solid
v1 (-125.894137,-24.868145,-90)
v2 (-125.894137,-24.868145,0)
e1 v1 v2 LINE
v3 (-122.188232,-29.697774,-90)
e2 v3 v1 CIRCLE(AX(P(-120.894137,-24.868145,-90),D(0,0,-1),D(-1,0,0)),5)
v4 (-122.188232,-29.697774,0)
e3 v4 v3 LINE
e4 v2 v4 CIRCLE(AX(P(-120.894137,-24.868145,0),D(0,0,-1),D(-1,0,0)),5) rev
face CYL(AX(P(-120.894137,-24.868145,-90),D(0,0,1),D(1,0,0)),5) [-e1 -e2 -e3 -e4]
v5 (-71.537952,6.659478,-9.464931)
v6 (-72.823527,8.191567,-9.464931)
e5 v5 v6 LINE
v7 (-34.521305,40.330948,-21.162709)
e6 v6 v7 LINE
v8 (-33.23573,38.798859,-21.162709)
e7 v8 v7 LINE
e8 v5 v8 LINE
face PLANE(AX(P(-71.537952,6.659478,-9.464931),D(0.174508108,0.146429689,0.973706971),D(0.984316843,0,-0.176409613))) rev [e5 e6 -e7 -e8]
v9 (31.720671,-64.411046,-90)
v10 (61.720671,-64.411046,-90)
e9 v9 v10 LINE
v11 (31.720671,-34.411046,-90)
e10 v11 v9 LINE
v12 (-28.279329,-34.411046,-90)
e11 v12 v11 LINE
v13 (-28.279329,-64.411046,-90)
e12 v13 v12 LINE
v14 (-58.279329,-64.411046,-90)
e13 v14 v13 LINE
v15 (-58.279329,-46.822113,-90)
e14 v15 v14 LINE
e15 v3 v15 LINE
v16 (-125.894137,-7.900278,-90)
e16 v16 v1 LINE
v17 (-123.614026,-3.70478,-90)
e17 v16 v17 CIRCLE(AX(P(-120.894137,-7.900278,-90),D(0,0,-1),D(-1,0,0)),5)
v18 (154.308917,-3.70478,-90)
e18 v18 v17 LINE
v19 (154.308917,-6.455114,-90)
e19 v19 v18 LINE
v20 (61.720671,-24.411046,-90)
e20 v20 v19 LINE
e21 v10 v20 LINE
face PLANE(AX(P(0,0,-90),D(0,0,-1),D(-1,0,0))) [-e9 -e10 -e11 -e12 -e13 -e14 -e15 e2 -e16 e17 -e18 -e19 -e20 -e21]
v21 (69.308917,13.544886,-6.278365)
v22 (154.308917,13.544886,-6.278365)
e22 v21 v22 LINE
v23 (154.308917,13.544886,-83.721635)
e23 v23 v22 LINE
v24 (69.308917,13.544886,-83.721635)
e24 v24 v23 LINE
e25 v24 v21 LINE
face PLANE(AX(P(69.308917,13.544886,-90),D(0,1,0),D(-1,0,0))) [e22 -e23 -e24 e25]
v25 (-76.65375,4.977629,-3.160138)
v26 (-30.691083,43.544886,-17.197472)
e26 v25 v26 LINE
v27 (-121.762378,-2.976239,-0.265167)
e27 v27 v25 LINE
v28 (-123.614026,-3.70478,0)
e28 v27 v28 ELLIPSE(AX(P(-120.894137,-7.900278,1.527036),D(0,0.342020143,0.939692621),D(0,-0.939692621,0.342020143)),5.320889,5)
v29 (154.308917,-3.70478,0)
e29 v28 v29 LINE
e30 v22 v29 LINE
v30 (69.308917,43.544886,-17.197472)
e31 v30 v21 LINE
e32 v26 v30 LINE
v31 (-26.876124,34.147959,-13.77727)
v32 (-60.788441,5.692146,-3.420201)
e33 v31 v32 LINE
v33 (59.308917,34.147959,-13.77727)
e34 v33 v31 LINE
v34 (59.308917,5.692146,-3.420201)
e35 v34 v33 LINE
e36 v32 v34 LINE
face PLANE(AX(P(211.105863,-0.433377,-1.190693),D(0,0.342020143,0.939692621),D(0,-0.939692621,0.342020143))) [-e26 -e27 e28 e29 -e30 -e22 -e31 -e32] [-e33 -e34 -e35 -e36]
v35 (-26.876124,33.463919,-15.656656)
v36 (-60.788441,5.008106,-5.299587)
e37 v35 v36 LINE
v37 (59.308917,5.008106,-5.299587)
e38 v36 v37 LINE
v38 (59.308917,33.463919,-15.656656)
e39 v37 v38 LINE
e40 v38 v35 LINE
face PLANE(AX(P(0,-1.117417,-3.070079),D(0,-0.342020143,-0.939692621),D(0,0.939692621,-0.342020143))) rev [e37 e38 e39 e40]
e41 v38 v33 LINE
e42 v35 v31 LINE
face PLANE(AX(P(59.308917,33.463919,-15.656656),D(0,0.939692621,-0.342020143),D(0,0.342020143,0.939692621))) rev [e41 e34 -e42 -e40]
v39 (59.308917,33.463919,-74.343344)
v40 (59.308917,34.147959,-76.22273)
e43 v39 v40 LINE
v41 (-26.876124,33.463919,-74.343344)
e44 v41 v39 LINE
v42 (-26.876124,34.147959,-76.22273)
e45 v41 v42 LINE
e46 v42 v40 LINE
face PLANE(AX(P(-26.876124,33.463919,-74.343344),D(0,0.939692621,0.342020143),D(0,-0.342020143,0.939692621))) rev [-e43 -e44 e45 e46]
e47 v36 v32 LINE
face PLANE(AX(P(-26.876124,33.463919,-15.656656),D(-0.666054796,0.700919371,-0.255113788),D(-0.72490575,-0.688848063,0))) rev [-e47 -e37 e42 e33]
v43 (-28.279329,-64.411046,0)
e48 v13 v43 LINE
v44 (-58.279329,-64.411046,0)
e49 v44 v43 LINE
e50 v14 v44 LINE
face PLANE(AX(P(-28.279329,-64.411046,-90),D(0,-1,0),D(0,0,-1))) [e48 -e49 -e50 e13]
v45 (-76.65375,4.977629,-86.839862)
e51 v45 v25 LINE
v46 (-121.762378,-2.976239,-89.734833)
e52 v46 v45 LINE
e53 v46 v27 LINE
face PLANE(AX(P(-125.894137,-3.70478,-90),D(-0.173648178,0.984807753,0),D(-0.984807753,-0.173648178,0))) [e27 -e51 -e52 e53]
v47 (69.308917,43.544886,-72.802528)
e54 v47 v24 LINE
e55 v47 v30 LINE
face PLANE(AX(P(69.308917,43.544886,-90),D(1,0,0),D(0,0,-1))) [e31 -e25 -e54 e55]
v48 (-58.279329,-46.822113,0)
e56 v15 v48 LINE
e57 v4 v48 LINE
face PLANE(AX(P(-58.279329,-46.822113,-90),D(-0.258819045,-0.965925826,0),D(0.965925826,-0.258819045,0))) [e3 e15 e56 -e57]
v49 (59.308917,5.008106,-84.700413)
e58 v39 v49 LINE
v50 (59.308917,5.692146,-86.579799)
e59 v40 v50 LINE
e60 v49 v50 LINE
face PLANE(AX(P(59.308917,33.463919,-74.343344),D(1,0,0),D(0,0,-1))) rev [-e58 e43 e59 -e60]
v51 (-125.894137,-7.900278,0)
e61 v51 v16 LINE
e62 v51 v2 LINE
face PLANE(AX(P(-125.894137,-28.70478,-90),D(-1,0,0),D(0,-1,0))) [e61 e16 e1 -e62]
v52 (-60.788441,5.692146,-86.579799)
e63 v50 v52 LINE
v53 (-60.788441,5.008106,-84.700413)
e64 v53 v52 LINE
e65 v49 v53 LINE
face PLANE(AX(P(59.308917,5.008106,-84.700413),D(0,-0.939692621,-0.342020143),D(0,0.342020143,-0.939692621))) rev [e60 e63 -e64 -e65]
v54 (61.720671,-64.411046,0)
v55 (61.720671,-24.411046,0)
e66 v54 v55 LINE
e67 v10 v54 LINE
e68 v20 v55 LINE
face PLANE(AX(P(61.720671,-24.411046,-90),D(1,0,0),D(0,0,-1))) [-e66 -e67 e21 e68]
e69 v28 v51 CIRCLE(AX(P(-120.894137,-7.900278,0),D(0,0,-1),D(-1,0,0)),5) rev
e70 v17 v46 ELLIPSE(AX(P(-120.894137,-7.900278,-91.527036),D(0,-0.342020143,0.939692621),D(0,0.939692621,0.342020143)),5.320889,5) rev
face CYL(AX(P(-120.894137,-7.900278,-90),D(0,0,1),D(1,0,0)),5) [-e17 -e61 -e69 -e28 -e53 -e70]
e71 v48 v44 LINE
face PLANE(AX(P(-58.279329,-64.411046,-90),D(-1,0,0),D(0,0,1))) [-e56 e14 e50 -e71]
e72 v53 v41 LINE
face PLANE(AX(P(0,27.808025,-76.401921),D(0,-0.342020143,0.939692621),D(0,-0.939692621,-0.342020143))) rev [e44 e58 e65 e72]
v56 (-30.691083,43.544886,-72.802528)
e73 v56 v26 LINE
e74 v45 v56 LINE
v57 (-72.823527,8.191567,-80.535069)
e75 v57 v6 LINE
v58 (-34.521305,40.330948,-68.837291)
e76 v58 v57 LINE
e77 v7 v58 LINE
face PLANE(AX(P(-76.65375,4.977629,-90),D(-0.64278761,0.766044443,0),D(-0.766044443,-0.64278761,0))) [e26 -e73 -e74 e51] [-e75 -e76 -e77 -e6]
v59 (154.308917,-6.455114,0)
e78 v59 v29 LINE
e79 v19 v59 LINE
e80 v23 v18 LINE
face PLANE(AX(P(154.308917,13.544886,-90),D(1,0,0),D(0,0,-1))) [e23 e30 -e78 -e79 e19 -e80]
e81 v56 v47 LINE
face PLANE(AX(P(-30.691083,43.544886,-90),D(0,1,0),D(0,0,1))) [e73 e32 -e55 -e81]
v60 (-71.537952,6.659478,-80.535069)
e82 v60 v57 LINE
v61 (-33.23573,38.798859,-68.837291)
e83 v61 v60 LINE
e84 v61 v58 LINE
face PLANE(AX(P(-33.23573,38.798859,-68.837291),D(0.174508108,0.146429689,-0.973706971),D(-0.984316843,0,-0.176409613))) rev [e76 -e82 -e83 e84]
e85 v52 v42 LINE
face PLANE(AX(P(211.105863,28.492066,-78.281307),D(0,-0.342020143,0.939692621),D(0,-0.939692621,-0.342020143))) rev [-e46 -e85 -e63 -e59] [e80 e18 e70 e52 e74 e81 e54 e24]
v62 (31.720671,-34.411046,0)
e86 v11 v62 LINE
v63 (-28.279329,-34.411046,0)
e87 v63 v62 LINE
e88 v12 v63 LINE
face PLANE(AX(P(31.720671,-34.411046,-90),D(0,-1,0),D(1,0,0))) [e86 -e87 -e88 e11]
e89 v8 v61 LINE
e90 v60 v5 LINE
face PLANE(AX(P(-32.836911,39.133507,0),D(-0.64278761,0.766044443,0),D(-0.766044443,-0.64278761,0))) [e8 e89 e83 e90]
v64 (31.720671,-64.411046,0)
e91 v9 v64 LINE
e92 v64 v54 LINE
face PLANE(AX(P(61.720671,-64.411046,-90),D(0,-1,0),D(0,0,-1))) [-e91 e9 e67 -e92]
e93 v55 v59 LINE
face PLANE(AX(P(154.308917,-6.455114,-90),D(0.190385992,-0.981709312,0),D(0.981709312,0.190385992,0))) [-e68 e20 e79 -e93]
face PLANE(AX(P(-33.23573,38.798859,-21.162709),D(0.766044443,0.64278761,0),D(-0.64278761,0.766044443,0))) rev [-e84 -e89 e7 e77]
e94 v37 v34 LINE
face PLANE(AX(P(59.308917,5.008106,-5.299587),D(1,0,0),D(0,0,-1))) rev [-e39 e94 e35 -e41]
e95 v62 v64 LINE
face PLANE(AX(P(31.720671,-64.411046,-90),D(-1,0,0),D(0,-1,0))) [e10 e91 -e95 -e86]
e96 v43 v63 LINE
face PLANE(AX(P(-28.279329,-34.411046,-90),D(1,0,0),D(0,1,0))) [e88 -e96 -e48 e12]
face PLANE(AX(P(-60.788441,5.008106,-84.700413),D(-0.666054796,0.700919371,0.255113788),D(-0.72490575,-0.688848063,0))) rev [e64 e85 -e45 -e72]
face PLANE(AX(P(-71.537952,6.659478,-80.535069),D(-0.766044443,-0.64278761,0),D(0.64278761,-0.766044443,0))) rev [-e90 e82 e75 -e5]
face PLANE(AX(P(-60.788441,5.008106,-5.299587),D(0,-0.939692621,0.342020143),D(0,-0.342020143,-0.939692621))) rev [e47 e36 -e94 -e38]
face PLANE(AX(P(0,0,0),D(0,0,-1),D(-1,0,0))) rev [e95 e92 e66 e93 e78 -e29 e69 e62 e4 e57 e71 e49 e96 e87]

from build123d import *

# Parameters (mm, degrees)
BOSS_EXTRUDE1_DEPTH = 90
CUT_EXTRUDE1_DEPTH  = 337
CUT_EXTRUDE3_DEPTH  = 2
CUT_EXTRUDE4_DEPTH  = 2
CUT_EXTRUDE5_DEPTH  = 2
FILLET1_R           = 5


with BuildPart() as part:
    # Sketch1 → Boss-Extrude1 (new body)
    with BuildSketch(Plane.XY):
        Polygon((-125.894137159, -28.704779811), (-125.894137159, -3.704779811), (-76.653749508, 4.977629073), (-30.691082921, 43.544885654), (69.308917079, 43.544885654), (69.308917079, 13.544885654), (154.308917079, 13.544885654), (154.308917079, -6.455114346), (61.720670681, -24.411045774), (61.720670681, -64.411045774), (31.720670681, -64.411045774), (31.720670681, -34.411045774), (-28.279329319, -34.411045774), (-28.279329319, -64.411045774), (-58.279329319, -64.411045774), (-58.279329319, -46.822112968), align=None)
    extrude(amount=-BOSS_EXTRUDE1_DEPTH)

    # Sketch2 → Cut-Extrude1 (cut)
    with BuildSketch(Plane.ZY.offset(125.894137159)):
        Polygon((-45, 119.931704065), (0, -3.704779811), (0, 165.601573034), (-28.377527092, 165.601573034), align=None)
        Polygon((-90, -3.704779811), (-45, 119.931704065), (-61.622472908, 165.601573034), (-90, 165.601573034), align=None)
    extrude(amount=-CUT_EXTRUDE1_DEPTH, mode=Mode.SUBTRACT)

    # Sketch4 → Cut-Extrude3 (cut)
    with BuildSketch(Plane(origin=(0, -0.433376912, -1.190693279), x_dir=(1, 0, 0), z_dir=(0, 0.34202014332566305, 0.9396926207859105))):
        Polygon((-60.788441179, 6.51864575), (59.308917079, 6.51864575), (59.308917079, 36.800689495), (-26.876123748, 36.800689495), align=None)
    extrude(amount=-CUT_EXTRUDE3_DEPTH, mode=Mode.SUBTRACT)

    # Sketch5 → Cut-Extrude4 (cut)
    with BuildSketch(Plane(origin=(-34.122486649, 40.665596052, 0), x_dir=(0.766044443118979, 0.6427876096865383, 0), z_dir=(-0.6427876096865383, 0.766044443118979, 0))):
        Polygon((-50.520620561, 80.535068722), (-50.520620561, 9.464931278), (-0.520620561, 21.162709123), (-0.520620561, 68.837290877), align=None)
    extrude(amount=-CUT_EXTRUDE4_DEPTH, mode=Mode.SUBTRACT)

    # Sketch7 → Cut-Extrude5 (cut)
    with BuildSketch(Plane(origin=(0, 28.492065524, -78.281306661), x_dir=(-1, 0, 0), z_dir=(0, 0.34202014332566305, -0.9396926207859105))):
        Polygon((60.788441179, -24.263167149), (26.876123748, 6.018876595), (-59.308917079, 6.018876595), (-59.308917079, -24.263167149), align=None)
    extrude(amount=-CUT_EXTRUDE5_DEPTH, mode=Mode.SUBTRACT)

    # Fillet1
    fillet1_edges = [part.edges().sort_by_distance(p)[0] for p in [
        (-125.894137159, -28.704779811, -45),
        (-125.894137159, -3.704779811, -45),
    ]]
    fillet(fillet1_edges, radius=FILLET1_R)


solid = part.part
